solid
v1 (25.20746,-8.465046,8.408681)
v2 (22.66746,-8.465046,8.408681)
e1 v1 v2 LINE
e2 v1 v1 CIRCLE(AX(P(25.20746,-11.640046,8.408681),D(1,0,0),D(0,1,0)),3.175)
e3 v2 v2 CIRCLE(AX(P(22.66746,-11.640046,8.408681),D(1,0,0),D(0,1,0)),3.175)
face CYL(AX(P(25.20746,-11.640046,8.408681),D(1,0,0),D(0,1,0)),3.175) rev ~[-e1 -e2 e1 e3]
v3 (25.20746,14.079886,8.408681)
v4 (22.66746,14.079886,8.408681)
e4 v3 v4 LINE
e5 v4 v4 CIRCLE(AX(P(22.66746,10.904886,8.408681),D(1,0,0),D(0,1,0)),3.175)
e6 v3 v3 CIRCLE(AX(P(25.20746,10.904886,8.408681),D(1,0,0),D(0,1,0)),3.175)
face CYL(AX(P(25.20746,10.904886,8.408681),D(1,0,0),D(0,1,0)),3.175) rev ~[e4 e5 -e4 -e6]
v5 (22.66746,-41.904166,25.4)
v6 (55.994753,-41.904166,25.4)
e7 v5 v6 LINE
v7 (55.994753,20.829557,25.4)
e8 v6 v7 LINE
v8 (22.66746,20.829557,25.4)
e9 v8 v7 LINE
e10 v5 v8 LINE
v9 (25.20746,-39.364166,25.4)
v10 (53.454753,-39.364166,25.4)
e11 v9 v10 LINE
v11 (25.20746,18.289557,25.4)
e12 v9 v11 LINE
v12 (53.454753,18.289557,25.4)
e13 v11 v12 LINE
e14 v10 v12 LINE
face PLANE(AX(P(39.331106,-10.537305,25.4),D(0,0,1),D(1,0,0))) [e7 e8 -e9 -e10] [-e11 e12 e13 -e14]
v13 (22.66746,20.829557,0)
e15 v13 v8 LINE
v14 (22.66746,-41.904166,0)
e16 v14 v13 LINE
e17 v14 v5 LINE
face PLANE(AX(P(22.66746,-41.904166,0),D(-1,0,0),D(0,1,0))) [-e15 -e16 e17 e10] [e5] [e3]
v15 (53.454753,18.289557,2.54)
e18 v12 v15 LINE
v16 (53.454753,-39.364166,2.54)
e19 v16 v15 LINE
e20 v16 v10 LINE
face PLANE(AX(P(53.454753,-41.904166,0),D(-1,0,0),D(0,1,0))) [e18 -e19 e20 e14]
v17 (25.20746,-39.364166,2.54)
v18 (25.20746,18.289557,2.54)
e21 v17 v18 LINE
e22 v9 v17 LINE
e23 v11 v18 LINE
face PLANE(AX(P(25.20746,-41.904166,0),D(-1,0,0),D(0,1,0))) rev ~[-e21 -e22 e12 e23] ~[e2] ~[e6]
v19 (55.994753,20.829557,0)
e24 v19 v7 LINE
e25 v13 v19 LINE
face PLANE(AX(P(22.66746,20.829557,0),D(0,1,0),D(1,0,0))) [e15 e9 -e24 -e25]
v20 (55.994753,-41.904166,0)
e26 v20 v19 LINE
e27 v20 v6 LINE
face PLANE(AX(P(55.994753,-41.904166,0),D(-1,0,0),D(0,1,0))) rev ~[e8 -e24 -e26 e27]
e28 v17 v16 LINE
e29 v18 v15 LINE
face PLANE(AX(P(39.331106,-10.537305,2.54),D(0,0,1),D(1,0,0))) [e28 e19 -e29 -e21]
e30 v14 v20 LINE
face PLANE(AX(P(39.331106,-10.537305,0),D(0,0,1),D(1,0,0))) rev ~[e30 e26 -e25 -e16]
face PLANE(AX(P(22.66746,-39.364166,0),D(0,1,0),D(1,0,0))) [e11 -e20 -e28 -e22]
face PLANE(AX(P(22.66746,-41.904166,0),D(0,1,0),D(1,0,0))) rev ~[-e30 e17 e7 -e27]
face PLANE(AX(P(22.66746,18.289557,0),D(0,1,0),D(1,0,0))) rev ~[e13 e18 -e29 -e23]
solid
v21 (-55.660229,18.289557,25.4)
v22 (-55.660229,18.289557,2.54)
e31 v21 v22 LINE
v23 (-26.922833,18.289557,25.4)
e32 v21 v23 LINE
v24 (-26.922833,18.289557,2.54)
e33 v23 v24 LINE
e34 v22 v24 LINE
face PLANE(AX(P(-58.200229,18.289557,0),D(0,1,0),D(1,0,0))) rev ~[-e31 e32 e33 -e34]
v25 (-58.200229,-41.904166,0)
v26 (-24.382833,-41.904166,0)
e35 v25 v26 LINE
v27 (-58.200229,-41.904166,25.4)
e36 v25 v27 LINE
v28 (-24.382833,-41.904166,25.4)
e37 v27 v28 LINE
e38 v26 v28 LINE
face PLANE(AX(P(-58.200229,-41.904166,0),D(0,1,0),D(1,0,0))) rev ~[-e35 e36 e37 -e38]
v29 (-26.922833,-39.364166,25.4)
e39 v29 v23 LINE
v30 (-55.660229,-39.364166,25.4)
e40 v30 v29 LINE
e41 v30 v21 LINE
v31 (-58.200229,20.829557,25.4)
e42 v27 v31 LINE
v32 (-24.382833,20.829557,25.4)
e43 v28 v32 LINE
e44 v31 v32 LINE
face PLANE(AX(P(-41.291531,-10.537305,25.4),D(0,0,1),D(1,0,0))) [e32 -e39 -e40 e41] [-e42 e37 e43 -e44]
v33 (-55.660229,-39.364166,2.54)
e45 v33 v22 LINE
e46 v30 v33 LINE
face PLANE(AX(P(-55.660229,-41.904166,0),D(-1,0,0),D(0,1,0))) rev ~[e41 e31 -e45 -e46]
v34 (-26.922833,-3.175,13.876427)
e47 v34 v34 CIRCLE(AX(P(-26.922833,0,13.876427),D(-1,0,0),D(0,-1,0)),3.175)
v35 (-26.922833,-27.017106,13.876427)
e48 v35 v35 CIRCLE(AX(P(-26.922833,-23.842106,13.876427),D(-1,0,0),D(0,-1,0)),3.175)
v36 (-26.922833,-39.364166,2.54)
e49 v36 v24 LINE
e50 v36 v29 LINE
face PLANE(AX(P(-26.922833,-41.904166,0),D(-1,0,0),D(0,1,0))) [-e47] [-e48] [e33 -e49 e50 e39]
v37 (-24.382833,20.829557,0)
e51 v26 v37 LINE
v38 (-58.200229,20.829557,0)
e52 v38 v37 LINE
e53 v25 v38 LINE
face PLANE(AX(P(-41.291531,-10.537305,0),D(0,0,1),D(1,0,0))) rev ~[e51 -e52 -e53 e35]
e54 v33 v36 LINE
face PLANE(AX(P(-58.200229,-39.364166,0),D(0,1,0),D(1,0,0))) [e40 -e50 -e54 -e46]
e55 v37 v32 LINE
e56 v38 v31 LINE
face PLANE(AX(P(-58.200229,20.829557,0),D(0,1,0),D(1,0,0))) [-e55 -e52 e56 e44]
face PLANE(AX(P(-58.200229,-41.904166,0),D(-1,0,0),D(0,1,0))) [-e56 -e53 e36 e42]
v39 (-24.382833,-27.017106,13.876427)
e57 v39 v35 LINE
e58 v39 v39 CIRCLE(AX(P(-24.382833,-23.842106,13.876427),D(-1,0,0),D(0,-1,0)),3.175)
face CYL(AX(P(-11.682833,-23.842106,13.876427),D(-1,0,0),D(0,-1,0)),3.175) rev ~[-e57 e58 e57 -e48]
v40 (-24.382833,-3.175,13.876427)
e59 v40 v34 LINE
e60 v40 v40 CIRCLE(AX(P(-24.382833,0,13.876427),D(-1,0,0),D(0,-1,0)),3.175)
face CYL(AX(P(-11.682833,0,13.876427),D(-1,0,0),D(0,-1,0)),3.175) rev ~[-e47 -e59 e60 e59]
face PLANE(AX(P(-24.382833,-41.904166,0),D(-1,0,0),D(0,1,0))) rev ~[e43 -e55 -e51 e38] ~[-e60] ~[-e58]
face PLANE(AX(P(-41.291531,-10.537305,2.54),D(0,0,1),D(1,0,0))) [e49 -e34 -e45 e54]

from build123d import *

# Parameters (mm, degrees)
F0_W     = 33.8173955679
F0_H     = 62.7337228507
F1_DEPTH = 25.4
F0_W_2   = 33.3272926509
F2_T     = -2.54
F4_D     = 6.35
F4_DEPTH = 12.7
F4_TIP   = 1.9077324654
F5_T     = -2.54
F7_D     = 6.35
F7_DEPTH = 12.7
F7_TIP   = 1.9077324654


with BuildPart() as f1:
    # F0 (on Top) → F1 (new body)
    with BuildSketch(Plane.XY):
        with Locations((-41.2915311754, -10.5373049155)):
            Rectangle(F0_W, F0_H)
    extrude(amount=F1_DEPTH)

    # F2
    f2_openings = [f1.faces().sort_by_distance(p)[0] for p in [
        (-41.291531, -10.537305, 25.4),
    ]]
    offset(amount=F2_T, openings=f2_openings)

    # F4
    with Locations(Plane.YZ.offset(-24.3828333914)):
        with Locations((-23.842105642, 13.876426965), (0, 13.876426965)):
            Hole(F4_D / 2, depth=F4_DEPTH)
            with Locations((0, 0, -(F4_DEPTH + F4_TIP / 2))):  # 118° drill point
                Cone(0, F4_D / 2, F4_TIP, mode=Mode.SUBTRACT)


with BuildPart() as f1b:
    # F0 (on Top) → F1, piece 2 (new body)
    with BuildSketch(Plane.XY):
        with Locations((39.331106469, -10.5373049155)):
            Rectangle(F0_W_2, F0_H)
    extrude(amount=F1_DEPTH)

    # F5
    f5_openings = [f1b.faces().sort_by_distance(p)[0] for p in [
        (39.331106, -10.537305, 25.4),
    ]]
    offset(amount=F5_T, openings=f5_openings)

    # F7 (one way)
    with BuildSketch(Plane.YZ.offset(25.2074601436)):
        with Locations((-11.6400457919, 8.4086805582), (10.9048858285, 8.4086805582)):
            Circle(F7_D / 2)
    extrude(amount=-F7_DEPTH, mode=Mode.SUBTRACT)
    with Locations(Plane.YZ.offset(25.2074601436)):
        with Locations((-11.6400457919, 8.4086805582), (10.9048858285, 8.4086805582)):
            with Locations((0, 0, -(F7_DEPTH + F7_TIP / 2))):  # 118° drill point
                Cone(0, F7_D / 2, F7_TIP, mode=Mode.SUBTRACT)


solid = Compound([f1.part, f1b.part])
